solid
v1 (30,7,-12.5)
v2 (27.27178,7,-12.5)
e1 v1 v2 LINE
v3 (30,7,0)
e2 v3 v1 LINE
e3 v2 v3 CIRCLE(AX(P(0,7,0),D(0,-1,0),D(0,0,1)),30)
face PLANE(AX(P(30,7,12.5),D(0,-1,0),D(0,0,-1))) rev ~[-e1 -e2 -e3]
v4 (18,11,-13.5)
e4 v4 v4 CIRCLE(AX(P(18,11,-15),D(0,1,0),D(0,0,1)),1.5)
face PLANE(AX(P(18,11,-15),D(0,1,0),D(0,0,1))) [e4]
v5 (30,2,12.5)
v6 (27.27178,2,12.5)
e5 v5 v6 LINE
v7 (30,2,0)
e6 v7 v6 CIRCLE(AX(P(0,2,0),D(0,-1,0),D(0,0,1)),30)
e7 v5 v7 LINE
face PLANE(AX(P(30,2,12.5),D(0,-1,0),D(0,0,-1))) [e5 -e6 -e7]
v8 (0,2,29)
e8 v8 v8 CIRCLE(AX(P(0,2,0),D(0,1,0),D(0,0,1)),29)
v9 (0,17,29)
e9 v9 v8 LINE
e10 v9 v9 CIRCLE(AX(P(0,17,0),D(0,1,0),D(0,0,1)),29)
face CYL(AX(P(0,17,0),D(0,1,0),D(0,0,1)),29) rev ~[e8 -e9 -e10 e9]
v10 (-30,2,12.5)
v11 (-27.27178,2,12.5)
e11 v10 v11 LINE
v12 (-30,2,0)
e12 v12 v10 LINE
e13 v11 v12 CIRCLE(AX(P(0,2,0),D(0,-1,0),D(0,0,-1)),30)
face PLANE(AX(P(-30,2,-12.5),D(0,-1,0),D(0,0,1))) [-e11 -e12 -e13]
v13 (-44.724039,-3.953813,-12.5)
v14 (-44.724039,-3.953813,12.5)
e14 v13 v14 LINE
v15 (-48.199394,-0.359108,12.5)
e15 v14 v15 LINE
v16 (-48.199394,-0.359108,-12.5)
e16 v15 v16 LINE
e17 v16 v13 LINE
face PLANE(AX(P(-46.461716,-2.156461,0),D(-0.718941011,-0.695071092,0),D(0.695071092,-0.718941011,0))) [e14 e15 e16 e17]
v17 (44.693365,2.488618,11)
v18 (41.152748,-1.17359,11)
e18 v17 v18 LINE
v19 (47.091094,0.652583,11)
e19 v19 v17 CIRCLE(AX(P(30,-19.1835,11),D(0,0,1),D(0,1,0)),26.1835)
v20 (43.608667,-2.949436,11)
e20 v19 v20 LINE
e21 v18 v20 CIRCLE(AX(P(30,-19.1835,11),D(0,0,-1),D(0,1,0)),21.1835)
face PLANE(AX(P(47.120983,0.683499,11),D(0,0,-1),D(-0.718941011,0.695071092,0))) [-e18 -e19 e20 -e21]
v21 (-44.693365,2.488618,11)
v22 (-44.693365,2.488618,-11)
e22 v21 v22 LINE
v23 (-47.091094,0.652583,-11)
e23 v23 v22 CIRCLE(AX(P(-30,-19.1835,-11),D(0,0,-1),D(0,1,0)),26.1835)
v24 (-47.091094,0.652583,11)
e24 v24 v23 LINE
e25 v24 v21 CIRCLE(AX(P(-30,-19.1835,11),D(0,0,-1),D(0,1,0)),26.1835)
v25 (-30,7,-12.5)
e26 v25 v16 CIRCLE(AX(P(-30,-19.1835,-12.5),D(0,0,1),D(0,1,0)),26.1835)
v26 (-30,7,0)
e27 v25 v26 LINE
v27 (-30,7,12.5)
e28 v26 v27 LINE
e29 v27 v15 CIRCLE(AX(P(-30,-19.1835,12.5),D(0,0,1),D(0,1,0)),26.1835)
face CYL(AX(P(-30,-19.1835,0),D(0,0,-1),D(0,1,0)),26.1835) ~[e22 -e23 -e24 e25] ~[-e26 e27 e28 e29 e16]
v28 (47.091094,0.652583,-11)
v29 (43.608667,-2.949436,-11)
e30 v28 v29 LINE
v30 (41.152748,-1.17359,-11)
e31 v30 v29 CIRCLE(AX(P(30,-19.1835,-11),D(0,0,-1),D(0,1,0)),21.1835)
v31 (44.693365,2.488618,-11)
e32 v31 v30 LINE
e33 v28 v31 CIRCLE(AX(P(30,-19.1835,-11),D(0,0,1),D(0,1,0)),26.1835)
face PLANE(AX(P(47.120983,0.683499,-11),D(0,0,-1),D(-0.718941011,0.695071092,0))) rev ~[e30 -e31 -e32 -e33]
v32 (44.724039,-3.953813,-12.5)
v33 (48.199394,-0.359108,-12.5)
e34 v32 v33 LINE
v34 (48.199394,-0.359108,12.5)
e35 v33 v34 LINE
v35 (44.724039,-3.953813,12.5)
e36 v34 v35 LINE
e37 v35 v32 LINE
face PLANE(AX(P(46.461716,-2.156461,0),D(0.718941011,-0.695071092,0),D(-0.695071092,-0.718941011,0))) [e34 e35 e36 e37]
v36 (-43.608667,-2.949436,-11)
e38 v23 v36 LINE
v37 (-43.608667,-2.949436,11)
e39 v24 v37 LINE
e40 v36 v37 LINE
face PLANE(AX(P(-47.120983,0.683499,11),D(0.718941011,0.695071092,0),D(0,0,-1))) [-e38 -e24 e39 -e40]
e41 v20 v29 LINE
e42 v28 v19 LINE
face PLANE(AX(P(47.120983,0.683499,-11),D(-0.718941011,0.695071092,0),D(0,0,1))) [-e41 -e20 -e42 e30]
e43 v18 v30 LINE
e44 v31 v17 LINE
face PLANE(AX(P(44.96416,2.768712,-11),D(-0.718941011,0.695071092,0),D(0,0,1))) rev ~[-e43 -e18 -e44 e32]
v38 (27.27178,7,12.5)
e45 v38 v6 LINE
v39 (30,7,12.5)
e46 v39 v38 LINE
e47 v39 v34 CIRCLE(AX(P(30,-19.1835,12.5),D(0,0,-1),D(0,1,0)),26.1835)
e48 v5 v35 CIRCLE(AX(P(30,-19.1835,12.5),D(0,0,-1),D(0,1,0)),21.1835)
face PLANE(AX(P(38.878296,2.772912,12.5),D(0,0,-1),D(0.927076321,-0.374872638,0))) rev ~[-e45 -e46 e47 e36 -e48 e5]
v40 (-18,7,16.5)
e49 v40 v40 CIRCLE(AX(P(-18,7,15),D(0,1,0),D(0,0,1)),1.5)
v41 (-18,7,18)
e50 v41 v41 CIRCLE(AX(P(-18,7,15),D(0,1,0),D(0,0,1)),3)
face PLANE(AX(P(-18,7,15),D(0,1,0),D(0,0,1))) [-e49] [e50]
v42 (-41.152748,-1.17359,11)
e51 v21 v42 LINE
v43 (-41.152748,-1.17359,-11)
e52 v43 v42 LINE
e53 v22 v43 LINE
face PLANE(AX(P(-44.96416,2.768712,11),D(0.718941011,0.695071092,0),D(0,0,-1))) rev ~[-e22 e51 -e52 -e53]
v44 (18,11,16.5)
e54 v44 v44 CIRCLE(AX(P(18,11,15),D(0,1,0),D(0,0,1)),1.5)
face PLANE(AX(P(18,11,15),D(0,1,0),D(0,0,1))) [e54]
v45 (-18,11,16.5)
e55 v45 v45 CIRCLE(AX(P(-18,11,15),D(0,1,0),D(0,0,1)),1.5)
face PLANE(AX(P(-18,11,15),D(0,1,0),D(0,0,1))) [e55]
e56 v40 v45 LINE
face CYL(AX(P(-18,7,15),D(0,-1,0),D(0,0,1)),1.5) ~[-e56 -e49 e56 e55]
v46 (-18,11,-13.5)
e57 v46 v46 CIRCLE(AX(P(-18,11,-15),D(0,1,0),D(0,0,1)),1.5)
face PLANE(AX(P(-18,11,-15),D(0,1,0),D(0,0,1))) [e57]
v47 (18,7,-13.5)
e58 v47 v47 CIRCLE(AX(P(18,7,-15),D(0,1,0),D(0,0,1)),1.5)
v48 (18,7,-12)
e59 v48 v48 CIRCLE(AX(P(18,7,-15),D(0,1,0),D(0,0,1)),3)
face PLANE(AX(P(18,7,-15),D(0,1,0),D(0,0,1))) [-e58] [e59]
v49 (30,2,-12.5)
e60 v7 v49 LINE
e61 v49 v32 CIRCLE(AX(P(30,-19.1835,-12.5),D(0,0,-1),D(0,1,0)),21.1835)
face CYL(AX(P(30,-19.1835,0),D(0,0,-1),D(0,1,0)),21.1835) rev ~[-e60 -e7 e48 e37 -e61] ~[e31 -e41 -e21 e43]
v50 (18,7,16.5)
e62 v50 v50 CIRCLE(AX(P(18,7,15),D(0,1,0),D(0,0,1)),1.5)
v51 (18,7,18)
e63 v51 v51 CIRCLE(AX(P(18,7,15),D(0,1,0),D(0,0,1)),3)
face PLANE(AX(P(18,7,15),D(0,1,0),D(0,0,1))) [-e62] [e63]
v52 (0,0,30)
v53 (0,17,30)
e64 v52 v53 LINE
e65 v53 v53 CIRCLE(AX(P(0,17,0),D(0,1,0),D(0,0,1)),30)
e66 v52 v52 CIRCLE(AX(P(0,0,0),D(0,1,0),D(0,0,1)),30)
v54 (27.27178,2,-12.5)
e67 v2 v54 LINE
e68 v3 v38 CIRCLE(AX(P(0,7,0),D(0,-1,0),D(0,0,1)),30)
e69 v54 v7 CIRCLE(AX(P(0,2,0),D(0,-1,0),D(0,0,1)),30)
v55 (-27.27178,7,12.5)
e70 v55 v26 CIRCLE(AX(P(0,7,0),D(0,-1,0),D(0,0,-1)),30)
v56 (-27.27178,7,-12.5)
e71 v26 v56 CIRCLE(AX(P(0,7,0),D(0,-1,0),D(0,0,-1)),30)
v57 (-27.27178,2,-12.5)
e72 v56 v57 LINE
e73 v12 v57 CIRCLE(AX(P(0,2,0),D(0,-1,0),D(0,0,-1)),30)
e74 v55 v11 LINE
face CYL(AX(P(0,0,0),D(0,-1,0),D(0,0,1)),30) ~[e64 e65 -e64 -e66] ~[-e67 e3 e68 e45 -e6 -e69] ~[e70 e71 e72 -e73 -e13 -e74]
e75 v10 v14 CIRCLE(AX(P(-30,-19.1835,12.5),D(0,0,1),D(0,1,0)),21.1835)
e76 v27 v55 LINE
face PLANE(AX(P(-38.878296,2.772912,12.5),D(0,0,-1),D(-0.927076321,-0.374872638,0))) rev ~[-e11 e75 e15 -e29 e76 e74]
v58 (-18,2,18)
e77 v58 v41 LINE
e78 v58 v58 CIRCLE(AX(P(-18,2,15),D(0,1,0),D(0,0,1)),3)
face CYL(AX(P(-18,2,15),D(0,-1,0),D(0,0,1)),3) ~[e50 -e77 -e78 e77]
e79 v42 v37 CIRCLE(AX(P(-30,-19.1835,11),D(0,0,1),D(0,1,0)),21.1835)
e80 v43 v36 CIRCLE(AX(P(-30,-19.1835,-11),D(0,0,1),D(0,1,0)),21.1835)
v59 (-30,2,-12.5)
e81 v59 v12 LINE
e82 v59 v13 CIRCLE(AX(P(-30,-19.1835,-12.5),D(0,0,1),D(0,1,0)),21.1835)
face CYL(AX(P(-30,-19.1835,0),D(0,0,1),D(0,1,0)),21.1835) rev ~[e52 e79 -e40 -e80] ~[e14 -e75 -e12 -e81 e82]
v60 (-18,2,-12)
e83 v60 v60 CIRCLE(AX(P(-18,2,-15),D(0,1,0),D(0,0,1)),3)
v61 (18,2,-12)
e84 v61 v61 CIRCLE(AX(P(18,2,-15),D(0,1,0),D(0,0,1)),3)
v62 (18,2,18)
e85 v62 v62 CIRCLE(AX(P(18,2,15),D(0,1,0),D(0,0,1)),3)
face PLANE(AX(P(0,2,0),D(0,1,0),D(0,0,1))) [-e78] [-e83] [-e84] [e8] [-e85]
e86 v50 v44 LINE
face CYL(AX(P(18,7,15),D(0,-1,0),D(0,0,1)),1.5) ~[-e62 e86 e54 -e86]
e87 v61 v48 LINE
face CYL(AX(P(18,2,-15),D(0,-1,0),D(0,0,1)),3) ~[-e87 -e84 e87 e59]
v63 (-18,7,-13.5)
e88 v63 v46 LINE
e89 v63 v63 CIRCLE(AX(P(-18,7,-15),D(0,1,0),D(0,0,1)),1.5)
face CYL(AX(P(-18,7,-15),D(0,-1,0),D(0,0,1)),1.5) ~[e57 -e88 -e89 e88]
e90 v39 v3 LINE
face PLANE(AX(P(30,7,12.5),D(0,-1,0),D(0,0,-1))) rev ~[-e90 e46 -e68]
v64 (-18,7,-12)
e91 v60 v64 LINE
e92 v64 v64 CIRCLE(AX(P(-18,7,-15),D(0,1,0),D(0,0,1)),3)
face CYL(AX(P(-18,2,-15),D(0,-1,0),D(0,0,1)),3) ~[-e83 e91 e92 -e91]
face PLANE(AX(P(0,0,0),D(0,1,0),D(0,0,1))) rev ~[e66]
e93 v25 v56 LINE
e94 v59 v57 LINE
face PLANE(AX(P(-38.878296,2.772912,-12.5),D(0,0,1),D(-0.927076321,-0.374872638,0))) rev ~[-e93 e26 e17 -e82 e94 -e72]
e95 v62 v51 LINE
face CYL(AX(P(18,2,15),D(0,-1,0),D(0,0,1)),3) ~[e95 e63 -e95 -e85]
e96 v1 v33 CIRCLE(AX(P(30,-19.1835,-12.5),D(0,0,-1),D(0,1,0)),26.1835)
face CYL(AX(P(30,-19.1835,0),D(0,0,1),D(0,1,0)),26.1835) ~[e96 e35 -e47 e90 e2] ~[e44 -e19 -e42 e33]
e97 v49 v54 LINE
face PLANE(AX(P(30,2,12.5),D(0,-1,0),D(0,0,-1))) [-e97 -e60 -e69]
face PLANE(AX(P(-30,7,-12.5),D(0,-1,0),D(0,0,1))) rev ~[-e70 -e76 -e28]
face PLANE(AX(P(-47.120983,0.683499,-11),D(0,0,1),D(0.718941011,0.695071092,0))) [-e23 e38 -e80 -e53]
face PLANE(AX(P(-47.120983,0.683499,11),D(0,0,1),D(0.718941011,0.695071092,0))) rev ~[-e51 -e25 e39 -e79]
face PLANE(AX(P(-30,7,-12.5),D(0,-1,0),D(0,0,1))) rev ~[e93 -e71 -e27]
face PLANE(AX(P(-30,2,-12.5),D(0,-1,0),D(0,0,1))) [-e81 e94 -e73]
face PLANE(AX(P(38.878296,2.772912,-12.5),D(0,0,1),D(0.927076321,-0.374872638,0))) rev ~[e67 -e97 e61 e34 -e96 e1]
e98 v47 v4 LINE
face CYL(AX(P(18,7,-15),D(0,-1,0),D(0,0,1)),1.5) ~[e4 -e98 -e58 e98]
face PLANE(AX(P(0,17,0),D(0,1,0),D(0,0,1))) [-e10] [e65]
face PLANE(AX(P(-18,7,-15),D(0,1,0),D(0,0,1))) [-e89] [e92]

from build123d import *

# Parameters (mm, degrees)
SKETCH1_R                = 30
BOSS_EXTRUDE1_DEPTH      = 17
SKETCH2_R                = 29
CUT_EXTRUDE1_DEPTH       = 15
SKETCH3_R                = 3
BOSS_EXTRUDE5_DEPTH      = 5
SKETCH4_R                = 1.5
BOSS_EXTRUDE6_DEPTH      = 4
BOSS_EXTRUDE7_REACH      = 71.203
BOSS_EXTRUDE7_END_RADIUS = 30
SKETCH6_W                = 25
SKETCH6_H                = 5
SKETCH9_W                = 25
SKETCH9_H                = 5
SKETCH10_W               = 3
SKETCH10_H               = 22
CUT_EXTRUDE2_DEPTH       = 10
CIRPATTERN1_COUNT        = 2


with BuildPart() as part:
    # Sketch1 → Boss-Extrude1 (new body)
    with BuildSketch(Plane(origin=(0, 0, 0), x_dir=(1, 0, 0), z_dir=(0, 1, 0))):
        with Locations(Location((0, 0, 0), (0, 0, 270))):
            Circle(SKETCH1_R)
    extrude(amount=BOSS_EXTRUDE1_DEPTH)

    # Sketch2 → Cut-Extrude1 (cut)
    with BuildSketch(Plane(origin=(0, 17, 0), x_dir=(1, 0, 0), z_dir=(0, 1, 0))):
        with Locations(Location((0, 0, 0), (0, 0, 270))):
            Circle(SKETCH2_R)
    extrude(amount=-CUT_EXTRUDE1_DEPTH, mode=Mode.SUBTRACT)

    # Sketch3 → Boss-Extrude5 (add)
    with BuildSketch(Plane(origin=(0, 2, 0), x_dir=(1, 0, 0), z_dir=(0, 1, 0))):
        with Locations(Location((-18, 15, 0), (0, 0, 270))):
            Circle(SKETCH3_R)
        with Locations(Location((-18, -15, 0), (0, 0, 270))):
            Circle(SKETCH3_R)
        with Locations(Location((18, -15, 0), (0, 0, 270))):
            Circle(SKETCH3_R)
        with Locations(Location((18, 15, 0), (0, 0, 270))):
            Circle(SKETCH3_R)
    extrude(amount=BOSS_EXTRUDE5_DEPTH)

    # Sketch4 → Boss-Extrude6 (add)
    with BuildSketch(Plane(origin=(0, 7, 0), x_dir=(1, 0, 0), z_dir=(0, 1, 0))):
        with Locations(Location((-18, 15, 0), (0, 0, 270))):
            Circle(SKETCH4_R)
        with Locations(Location((-18, -15, 0), (0, 0, 270))):
            Circle(SKETCH4_R)
        with Locations(Location((18, 15, 0), (0, 0, 270))):
            Circle(SKETCH4_R)
        with Locations(Location((18, -15, 0), (0, 0, 270))):
            Circle(SKETCH4_R)
    extrude(amount=BOSS_EXTRUDE6_DEPTH)

    # Boss-Extrude7: up to this cylinder (the profile starts outside it)
    boss_extrude7_end = Plane(origin=(0, 4.5, 0), z_dir=(0, -1, 0)) * Cylinder(BOSS_EXTRUDE7_END_RADIUS, 203.406, mode=Mode.PRIVATE)
    # Sketch6 → Boss-Extrude7 (add, up to the surface)
    with BuildSketch(Plane.ZY.offset(30), mode=Mode.PRIVATE) as boss_extrude7_sk1:
        with Locations((0, 4.5)):
            Rectangle(SKETCH6_W, SKETCH6_H)
    boss_extrude7_tool1 = extrude(boss_extrude7_sk1.sketch, amount=-BOSS_EXTRUDE7_REACH, mode=Mode.PRIVATE) - boss_extrude7_end
    boss_extrude7 = boss_extrude7_tool1.solids().sort_by_distance((-30, 4.5, 0))[0] + boss_extrude7_tool1.solids().sort_by_distance((-30, 4.5, 0))[1]
    add(boss_extrude7)

    # Sweep1: sweep along a path in Sketch7
    with BuildLine(Plane.XY) as sweep1_path:
        ThreePointArc((-30, 4.5), (-38.878296183, 2.772912041), (-46.461716328, -2.156460621))
    # Sketch9 → Sweep1 (sweep)
    with BuildSketch(Plane.ZY.offset(30)):
        with Locations((0, 4.5)):
            Rectangle(SKETCH9_W, SKETCH9_H)
    sweep1 = sweep(path=sweep1_path.line)

    # Sketch10 → Cut-Extrude2 (cut)
    with BuildSketch(Plane(origin=(-23.106823791, 23.900351253, 0), x_dir=(0.7189410106609229, 0.6950710921839945, 0), z_dir=(-0.6950710921839945, 0.7189410106609229, 0))):
        with Locations((-31.902126733, 0)):
            Rectangle(SKETCH10_W, SKETCH10_H)
    cut_extrude2 = extrude(amount=-CUT_EXTRUDE2_DEPTH, mode=Mode.SUBTRACT)

    # CirPattern1: Boss-Extrude7, Sweep1, Cut-Extrude2 ×2 about axis
    cirpattern1_axis = Axis((0, 0, 0), (0, 1, 0))
    add([boss_extrude7.rotate(cirpattern1_axis, i * 360 / CIRPATTERN1_COUNT) for i in range(1, CIRPATTERN1_COUNT)])
    add([sweep1.rotate(cirpattern1_axis, i * 360 / CIRPATTERN1_COUNT) for i in range(1, CIRPATTERN1_COUNT)])
    add([cut_extrude2.rotate(cirpattern1_axis, i * 360 / CIRPATTERN1_COUNT) for i in range(1, CIRPATTERN1_COUNT)], mode=Mode.SUBTRACT)


solid = part.part
